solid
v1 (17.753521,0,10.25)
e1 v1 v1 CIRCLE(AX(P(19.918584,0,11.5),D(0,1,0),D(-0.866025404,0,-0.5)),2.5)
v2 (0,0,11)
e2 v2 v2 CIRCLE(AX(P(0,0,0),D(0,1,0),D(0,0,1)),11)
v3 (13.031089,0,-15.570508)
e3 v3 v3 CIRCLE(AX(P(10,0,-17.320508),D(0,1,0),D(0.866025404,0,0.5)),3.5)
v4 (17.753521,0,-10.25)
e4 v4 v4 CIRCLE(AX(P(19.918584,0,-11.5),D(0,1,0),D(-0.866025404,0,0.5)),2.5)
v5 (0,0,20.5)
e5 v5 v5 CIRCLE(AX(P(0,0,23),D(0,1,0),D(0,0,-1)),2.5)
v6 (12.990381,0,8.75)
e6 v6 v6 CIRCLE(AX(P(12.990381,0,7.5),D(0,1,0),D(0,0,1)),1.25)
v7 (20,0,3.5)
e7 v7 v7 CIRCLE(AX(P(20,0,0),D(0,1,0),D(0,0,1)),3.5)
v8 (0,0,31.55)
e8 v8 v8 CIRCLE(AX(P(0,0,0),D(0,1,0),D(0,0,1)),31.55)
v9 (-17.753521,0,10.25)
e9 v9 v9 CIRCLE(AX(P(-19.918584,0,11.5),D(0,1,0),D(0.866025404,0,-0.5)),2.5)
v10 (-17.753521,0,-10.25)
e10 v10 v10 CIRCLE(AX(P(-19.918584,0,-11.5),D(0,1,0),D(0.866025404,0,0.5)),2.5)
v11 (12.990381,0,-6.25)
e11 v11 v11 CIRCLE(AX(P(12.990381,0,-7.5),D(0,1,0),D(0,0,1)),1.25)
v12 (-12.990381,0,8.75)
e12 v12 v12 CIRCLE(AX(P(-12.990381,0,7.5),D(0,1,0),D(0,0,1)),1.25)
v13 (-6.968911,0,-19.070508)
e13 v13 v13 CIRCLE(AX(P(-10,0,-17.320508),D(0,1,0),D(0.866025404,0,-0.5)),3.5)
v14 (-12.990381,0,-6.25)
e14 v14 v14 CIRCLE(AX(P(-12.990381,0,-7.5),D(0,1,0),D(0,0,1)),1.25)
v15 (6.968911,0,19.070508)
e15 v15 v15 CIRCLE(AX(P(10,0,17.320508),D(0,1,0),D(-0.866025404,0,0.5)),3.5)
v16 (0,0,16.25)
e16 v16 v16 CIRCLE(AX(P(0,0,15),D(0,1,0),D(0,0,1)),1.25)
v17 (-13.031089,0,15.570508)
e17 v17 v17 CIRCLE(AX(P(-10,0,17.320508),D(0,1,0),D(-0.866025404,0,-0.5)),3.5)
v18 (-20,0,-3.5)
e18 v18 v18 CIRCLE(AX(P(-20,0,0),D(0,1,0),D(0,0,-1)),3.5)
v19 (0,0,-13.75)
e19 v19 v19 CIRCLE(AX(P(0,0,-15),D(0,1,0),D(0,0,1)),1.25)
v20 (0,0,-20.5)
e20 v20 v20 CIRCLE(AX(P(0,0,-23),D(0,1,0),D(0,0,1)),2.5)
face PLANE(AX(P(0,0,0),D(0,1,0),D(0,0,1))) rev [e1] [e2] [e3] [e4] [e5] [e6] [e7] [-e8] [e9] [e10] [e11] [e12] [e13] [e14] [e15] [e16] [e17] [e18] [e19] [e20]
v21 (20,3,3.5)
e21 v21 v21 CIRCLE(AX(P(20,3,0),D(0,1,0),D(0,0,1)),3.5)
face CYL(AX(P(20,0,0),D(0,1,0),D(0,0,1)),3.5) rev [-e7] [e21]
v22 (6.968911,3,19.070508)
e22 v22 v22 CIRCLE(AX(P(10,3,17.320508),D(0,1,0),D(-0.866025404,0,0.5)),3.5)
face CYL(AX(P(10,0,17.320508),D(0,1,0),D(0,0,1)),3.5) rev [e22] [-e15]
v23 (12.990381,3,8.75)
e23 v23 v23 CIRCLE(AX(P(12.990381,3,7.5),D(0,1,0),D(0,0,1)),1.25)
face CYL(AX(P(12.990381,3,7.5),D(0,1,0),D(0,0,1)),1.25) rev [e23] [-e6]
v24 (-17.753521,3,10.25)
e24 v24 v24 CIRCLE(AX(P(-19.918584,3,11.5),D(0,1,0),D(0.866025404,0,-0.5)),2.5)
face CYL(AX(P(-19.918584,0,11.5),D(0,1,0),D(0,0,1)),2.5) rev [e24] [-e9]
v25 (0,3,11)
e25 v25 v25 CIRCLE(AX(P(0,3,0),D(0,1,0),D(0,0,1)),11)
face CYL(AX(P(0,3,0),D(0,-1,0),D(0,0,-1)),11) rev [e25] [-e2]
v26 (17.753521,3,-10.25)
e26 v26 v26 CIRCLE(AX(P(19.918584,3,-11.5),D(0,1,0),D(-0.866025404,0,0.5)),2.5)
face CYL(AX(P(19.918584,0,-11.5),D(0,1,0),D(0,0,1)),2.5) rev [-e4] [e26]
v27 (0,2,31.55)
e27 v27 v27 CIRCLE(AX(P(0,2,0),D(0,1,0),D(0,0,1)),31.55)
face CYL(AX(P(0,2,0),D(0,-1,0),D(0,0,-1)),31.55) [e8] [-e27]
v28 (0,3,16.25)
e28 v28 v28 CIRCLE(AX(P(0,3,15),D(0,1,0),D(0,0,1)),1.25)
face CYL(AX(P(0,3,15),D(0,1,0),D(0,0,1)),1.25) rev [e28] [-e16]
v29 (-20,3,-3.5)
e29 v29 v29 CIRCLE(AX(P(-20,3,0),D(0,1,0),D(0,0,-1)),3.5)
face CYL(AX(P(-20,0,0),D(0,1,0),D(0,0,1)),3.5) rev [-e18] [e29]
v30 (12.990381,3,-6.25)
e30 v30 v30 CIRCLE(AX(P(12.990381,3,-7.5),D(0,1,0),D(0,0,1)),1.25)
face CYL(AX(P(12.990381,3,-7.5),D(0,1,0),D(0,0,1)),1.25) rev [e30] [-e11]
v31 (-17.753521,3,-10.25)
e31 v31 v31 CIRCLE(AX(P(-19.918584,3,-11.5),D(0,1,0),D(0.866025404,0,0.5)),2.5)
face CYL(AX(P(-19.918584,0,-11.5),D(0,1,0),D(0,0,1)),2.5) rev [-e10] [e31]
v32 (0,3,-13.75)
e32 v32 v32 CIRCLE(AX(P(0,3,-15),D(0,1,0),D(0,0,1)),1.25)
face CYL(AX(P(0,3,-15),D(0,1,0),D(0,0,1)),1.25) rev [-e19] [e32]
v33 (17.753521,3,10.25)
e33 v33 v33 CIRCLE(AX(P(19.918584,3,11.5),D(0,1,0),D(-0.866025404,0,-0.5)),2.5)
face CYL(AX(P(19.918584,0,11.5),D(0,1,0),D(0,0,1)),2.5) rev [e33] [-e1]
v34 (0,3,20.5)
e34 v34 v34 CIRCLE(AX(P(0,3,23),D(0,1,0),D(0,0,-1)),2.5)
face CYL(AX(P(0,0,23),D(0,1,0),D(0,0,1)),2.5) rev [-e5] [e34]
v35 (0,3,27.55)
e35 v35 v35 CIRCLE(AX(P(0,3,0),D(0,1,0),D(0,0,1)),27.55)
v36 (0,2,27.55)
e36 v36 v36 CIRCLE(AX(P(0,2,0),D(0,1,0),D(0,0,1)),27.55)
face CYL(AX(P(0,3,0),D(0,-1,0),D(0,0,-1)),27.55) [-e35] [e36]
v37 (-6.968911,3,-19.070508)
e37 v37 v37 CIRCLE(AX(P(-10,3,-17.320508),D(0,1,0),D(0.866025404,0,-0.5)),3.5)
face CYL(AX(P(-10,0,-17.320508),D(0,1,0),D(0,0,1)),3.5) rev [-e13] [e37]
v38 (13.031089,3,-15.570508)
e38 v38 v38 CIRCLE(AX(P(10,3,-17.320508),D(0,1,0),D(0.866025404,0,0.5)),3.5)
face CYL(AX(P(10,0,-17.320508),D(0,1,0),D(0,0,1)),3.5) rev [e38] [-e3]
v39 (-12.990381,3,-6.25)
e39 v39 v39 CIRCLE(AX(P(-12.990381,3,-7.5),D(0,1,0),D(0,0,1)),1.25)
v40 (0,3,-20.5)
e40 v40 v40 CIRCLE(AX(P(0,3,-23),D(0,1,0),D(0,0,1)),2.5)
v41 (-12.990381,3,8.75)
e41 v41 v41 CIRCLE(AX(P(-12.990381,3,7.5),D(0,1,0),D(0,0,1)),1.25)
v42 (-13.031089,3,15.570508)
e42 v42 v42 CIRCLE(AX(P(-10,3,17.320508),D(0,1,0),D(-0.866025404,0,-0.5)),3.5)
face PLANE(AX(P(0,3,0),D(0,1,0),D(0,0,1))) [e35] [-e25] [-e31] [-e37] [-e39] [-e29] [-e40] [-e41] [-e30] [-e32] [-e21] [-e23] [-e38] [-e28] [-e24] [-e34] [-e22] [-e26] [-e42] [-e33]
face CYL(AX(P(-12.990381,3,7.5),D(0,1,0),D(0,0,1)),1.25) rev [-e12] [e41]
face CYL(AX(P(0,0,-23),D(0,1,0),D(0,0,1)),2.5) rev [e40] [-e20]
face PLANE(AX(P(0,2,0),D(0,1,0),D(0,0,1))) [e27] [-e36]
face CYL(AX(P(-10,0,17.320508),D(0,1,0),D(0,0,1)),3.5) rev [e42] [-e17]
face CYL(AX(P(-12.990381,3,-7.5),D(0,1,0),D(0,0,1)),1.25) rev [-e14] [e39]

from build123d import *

# Parameters (mm, degrees)
SKETCH1_R             = 27.55
SKETCH1_R_2           = 11
BOSS_EXTRUDE1_DEPTH   = 3
SKETCH1_3_R           = 31.55
SKETCH1_3_R_2         = 27.55
BOSS_EXTRUDE2_DEPTH   = 2
M3X0_5_TAPPED_HOLE1_D = 2.5
SKETCH6_R             = 3.5
SKETCH6_R_2           = 2.5
CUT_EXTRUDE1_DEPTH    = 45.719179331
CIRPATTERN1_COUNT     = 6


with BuildPart() as part:
    # Sketch1 → Boss-Extrude1 (new body)
    with BuildSketch(Plane(origin=(0, 0, 0), x_dir=(1, 0, 0), z_dir=(0, 1, 0))):
        Circle(SKETCH1_R)
        Circle(SKETCH1_R_2, mode=Mode.SUBTRACT)
    extrude(amount=BOSS_EXTRUDE1_DEPTH)

    # Sketch1<3> → Boss-Extrude2 (add)
    with BuildSketch(Plane(origin=(0, 0, 0), x_dir=(1, 0, 0), z_dir=(0, 1, 0))):
        Circle(SKETCH1_3_R)
        Circle(SKETCH1_3_R_2, mode=Mode.SUBTRACT)
    extrude(amount=BOSS_EXTRUDE2_DEPTH)

    # M3x0.5 Tapped Hole1 (through all)
    with Locations(Plane(origin=(0, 3, 0), x_dir=(1, 0, 0), z_dir=(0, 1, 0))):
        with Locations((0, 15)):
            m3x0_5_tapped_hole1 = Hole(M3X0_5_TAPPED_HOLE1_D / 2)

    # Sketch6 → Cut-Extrude1 (cut, through all)
    with BuildSketch(Plane(origin=(0, 3, 0), x_dir=(1, 0, 0), z_dir=(0, 1, 0))):
        with Locations((20, 0)):
            Circle(SKETCH6_R)
        with Locations((0, 23)):
            Circle(SKETCH6_R_2)
    cut_extrude1 = extrude(amount=-CUT_EXTRUDE1_DEPTH, mode=Mode.SUBTRACT)

    # CirPattern1: M3x0.5 Tapped Hole1, Cut-Extrude1 ×6 about axis
    cirpattern1_axis = Axis((0, 3, 0), (0, -1, 0))
    add([m3x0_5_tapped_hole1.rotate(cirpattern1_axis, i * 360 / CIRPATTERN1_COUNT) for i in range(1, CIRPATTERN1_COUNT)], mode=Mode.SUBTRACT)
    add([cut_extrude1.rotate(cirpattern1_axis, i * 360 / CIRPATTERN1_COUNT) for i in range(1, CIRPATTERN1_COUNT)], mode=Mode.SUBTRACT)


solid = part.part
